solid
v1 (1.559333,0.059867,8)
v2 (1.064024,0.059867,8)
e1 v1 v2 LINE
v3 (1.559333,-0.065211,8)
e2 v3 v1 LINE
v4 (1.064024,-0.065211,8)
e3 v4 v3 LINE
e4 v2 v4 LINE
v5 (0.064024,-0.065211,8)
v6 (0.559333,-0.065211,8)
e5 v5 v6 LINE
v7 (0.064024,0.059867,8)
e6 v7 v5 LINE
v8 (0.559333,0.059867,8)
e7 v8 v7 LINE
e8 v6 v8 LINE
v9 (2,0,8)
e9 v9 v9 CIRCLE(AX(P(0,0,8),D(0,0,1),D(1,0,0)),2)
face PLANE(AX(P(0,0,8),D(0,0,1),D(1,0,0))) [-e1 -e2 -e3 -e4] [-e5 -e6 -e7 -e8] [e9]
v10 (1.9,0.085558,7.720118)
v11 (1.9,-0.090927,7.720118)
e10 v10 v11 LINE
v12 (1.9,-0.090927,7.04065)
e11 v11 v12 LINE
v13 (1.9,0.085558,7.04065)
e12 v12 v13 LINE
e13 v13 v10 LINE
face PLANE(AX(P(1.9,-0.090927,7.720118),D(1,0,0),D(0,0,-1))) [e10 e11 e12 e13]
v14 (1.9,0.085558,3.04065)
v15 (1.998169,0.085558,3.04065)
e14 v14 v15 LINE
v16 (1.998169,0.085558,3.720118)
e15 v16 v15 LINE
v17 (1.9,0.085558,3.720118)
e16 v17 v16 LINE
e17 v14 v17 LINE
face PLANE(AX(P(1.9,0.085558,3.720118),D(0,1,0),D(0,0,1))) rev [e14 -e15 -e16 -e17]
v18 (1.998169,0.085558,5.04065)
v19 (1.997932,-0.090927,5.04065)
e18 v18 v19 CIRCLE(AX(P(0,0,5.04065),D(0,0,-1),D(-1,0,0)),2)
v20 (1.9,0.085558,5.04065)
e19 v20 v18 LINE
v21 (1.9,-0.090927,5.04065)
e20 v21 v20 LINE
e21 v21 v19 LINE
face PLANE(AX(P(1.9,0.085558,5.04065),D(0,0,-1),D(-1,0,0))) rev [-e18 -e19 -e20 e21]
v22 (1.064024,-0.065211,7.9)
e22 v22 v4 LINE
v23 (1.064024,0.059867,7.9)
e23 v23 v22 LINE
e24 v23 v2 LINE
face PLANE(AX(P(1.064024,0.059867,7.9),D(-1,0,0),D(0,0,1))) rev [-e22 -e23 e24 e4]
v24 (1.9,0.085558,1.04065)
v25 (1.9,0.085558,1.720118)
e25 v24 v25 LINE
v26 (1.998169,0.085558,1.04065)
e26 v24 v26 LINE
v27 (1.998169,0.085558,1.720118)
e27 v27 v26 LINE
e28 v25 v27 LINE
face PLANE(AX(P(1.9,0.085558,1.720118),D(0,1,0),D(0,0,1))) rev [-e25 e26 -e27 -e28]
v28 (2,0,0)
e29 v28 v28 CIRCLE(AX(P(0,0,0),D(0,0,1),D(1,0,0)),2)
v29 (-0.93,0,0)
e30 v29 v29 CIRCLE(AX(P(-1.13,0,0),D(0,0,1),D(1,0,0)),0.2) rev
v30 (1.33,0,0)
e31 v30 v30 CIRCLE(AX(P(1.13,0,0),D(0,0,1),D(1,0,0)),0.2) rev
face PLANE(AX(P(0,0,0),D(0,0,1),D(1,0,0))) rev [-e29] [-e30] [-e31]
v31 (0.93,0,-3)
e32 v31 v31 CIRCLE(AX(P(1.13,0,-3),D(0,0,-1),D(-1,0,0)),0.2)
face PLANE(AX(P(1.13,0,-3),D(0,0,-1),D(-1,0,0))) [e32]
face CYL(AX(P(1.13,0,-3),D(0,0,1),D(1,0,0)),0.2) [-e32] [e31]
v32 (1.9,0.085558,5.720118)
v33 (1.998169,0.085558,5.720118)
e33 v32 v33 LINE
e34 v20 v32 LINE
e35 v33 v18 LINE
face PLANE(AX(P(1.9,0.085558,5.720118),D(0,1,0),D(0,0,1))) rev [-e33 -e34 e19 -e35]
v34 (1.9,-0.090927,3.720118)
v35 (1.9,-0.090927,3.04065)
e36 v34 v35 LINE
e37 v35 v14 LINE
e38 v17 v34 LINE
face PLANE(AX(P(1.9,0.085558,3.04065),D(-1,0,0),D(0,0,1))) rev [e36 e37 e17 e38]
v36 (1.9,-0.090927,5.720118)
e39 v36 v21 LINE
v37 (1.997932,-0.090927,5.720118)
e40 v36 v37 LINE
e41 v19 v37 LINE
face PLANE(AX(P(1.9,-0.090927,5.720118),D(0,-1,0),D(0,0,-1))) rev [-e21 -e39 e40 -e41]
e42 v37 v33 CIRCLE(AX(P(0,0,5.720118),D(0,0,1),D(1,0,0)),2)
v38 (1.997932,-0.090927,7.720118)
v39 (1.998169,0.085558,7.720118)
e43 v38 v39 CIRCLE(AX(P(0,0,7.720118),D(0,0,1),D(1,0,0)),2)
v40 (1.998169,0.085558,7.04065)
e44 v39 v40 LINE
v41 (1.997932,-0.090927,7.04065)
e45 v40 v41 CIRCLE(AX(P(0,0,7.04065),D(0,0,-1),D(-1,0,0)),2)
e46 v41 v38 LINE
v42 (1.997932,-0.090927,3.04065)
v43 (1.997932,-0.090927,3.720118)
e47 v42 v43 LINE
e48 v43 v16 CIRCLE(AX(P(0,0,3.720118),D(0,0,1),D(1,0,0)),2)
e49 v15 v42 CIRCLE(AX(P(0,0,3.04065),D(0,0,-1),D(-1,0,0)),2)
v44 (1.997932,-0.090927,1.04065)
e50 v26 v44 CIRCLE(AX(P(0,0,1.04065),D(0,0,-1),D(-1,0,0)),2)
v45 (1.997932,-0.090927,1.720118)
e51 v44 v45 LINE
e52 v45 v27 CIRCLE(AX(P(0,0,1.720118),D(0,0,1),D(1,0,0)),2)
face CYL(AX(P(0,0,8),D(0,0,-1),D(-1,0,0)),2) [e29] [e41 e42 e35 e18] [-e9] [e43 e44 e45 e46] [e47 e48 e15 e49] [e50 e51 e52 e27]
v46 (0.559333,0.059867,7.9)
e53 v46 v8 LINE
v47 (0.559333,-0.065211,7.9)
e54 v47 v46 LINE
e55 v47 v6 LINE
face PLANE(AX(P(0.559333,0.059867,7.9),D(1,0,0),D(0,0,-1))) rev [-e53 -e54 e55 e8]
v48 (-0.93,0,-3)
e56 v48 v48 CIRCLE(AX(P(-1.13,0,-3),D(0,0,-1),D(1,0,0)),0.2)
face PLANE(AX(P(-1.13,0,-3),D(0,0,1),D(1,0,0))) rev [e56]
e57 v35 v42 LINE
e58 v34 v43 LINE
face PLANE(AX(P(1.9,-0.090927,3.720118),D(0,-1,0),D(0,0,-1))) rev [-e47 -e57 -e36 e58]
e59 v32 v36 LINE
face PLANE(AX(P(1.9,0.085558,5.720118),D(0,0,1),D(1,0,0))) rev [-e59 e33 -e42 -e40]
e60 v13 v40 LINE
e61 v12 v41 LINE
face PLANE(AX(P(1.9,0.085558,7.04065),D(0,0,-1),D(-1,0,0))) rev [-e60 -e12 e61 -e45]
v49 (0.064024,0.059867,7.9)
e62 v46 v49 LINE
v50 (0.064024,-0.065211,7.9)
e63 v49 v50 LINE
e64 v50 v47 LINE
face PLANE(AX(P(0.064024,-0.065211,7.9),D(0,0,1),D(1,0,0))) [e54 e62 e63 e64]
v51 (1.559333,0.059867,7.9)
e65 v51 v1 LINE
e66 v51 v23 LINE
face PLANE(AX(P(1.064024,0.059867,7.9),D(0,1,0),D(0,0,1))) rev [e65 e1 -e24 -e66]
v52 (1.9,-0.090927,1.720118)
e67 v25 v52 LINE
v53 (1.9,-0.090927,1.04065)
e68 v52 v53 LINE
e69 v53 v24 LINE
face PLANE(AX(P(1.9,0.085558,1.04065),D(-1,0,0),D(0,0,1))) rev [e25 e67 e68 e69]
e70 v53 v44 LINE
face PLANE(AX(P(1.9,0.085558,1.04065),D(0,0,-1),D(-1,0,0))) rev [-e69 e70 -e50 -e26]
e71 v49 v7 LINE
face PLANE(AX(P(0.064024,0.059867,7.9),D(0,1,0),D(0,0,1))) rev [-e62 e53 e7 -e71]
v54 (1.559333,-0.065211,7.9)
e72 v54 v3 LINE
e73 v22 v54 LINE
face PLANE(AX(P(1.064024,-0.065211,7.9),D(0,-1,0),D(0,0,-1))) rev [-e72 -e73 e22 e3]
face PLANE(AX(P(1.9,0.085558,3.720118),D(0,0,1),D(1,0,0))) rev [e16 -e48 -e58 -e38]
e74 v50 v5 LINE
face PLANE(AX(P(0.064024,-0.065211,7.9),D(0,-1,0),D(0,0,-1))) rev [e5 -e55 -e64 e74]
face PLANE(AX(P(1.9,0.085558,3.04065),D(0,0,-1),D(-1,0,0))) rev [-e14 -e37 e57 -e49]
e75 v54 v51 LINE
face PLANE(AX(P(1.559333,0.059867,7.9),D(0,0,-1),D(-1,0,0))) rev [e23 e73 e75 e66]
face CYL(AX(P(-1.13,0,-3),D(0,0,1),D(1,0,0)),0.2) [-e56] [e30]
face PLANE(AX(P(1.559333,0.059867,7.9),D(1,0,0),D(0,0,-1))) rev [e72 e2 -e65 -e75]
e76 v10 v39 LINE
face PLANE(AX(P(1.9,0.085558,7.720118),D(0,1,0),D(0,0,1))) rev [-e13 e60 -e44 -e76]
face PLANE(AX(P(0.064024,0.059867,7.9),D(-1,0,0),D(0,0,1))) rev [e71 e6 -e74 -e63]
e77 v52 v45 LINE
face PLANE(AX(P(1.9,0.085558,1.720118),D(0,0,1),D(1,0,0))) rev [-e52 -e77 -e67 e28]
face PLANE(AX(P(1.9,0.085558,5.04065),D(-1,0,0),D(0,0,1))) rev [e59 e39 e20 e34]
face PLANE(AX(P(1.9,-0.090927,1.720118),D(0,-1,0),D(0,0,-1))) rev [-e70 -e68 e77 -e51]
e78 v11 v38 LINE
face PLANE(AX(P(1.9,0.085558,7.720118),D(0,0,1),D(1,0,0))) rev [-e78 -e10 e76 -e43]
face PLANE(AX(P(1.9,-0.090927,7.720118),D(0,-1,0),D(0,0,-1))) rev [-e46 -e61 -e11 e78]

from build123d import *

# Parameters (mm, degrees)
SKETCH_1_R          = 2
EXTRUDE_1_DEPTH     = 8
SKETCH_2_R          = 0.2
EXTRUDE_2_DEPTH     = 3
SKETCH_3_W          = 0.679467602
SKETCH_3_H          = 0.176485091
CUT_EXTRUDE_1_DEPTH = 0.1
SKETCH_6_W          = 0.495308974
SKETCH_6_H          = 0.125078023
CUT_EXTRUDE_2_DEPTH = 0.1


with BuildPart() as part:
    # 草图1 → 凸台-拉伸1 (new body)
    with BuildSketch(Plane.XY):
        Circle(SKETCH_1_R)
    extrude(amount=EXTRUDE_1_DEPTH)

    # 草图2 → 凸台-拉伸2 (add)
    with BuildSketch(Plane(origin=(0, 0, 0), x_dir=(-1, 0, 0), z_dir=(0, 0, -1))):
        with Locations(Location((-1.13, 0, 0), (0, 0, 180))):
            Circle(SKETCH_2_R)
        with Locations(Location((1.13, 0, 0), (0, 0, 180))):
            Circle(SKETCH_2_R)
    extrude(amount=EXTRUDE_2_DEPTH)

    # 草图3 → 切除-拉伸1 (cut)
    with BuildSketch(Plane(origin=(2, 0, 0), x_dir=(0, 0, -1), z_dir=(1, 0, 0))):
        with Locations((-5.380383813, -0.002684697)):
            Rectangle(SKETCH_3_W, SKETCH_3_H)
        with Locations((-7.380383813, -0.002684697)):
            Rectangle(SKETCH_3_W, SKETCH_3_H)
        with Locations((-3.380383813, -0.002684697)):
            Rectangle(SKETCH_3_W, SKETCH_3_H)
        with Locations((-1.380383813, -0.002684697)):
            Rectangle(SKETCH_3_W, SKETCH_3_H)
    extrude(amount=-CUT_EXTRUDE_1_DEPTH, mode=Mode.SUBTRACT)

    # 草图6 → 切除-拉伸2 (cut)
    with BuildSketch(Plane.XY.offset(8)):
        with Locations((1.311678539, -0.002672358)):
            Rectangle(SKETCH_6_W, SKETCH_6_H)
        with Locations((0.311678539, -0.002672358)):
            Rectangle(SKETCH_6_W, SKETCH_6_H)
    extrude(amount=-CUT_EXTRUDE_2_DEPTH, mode=Mode.SUBTRACT)


solid = part.part
